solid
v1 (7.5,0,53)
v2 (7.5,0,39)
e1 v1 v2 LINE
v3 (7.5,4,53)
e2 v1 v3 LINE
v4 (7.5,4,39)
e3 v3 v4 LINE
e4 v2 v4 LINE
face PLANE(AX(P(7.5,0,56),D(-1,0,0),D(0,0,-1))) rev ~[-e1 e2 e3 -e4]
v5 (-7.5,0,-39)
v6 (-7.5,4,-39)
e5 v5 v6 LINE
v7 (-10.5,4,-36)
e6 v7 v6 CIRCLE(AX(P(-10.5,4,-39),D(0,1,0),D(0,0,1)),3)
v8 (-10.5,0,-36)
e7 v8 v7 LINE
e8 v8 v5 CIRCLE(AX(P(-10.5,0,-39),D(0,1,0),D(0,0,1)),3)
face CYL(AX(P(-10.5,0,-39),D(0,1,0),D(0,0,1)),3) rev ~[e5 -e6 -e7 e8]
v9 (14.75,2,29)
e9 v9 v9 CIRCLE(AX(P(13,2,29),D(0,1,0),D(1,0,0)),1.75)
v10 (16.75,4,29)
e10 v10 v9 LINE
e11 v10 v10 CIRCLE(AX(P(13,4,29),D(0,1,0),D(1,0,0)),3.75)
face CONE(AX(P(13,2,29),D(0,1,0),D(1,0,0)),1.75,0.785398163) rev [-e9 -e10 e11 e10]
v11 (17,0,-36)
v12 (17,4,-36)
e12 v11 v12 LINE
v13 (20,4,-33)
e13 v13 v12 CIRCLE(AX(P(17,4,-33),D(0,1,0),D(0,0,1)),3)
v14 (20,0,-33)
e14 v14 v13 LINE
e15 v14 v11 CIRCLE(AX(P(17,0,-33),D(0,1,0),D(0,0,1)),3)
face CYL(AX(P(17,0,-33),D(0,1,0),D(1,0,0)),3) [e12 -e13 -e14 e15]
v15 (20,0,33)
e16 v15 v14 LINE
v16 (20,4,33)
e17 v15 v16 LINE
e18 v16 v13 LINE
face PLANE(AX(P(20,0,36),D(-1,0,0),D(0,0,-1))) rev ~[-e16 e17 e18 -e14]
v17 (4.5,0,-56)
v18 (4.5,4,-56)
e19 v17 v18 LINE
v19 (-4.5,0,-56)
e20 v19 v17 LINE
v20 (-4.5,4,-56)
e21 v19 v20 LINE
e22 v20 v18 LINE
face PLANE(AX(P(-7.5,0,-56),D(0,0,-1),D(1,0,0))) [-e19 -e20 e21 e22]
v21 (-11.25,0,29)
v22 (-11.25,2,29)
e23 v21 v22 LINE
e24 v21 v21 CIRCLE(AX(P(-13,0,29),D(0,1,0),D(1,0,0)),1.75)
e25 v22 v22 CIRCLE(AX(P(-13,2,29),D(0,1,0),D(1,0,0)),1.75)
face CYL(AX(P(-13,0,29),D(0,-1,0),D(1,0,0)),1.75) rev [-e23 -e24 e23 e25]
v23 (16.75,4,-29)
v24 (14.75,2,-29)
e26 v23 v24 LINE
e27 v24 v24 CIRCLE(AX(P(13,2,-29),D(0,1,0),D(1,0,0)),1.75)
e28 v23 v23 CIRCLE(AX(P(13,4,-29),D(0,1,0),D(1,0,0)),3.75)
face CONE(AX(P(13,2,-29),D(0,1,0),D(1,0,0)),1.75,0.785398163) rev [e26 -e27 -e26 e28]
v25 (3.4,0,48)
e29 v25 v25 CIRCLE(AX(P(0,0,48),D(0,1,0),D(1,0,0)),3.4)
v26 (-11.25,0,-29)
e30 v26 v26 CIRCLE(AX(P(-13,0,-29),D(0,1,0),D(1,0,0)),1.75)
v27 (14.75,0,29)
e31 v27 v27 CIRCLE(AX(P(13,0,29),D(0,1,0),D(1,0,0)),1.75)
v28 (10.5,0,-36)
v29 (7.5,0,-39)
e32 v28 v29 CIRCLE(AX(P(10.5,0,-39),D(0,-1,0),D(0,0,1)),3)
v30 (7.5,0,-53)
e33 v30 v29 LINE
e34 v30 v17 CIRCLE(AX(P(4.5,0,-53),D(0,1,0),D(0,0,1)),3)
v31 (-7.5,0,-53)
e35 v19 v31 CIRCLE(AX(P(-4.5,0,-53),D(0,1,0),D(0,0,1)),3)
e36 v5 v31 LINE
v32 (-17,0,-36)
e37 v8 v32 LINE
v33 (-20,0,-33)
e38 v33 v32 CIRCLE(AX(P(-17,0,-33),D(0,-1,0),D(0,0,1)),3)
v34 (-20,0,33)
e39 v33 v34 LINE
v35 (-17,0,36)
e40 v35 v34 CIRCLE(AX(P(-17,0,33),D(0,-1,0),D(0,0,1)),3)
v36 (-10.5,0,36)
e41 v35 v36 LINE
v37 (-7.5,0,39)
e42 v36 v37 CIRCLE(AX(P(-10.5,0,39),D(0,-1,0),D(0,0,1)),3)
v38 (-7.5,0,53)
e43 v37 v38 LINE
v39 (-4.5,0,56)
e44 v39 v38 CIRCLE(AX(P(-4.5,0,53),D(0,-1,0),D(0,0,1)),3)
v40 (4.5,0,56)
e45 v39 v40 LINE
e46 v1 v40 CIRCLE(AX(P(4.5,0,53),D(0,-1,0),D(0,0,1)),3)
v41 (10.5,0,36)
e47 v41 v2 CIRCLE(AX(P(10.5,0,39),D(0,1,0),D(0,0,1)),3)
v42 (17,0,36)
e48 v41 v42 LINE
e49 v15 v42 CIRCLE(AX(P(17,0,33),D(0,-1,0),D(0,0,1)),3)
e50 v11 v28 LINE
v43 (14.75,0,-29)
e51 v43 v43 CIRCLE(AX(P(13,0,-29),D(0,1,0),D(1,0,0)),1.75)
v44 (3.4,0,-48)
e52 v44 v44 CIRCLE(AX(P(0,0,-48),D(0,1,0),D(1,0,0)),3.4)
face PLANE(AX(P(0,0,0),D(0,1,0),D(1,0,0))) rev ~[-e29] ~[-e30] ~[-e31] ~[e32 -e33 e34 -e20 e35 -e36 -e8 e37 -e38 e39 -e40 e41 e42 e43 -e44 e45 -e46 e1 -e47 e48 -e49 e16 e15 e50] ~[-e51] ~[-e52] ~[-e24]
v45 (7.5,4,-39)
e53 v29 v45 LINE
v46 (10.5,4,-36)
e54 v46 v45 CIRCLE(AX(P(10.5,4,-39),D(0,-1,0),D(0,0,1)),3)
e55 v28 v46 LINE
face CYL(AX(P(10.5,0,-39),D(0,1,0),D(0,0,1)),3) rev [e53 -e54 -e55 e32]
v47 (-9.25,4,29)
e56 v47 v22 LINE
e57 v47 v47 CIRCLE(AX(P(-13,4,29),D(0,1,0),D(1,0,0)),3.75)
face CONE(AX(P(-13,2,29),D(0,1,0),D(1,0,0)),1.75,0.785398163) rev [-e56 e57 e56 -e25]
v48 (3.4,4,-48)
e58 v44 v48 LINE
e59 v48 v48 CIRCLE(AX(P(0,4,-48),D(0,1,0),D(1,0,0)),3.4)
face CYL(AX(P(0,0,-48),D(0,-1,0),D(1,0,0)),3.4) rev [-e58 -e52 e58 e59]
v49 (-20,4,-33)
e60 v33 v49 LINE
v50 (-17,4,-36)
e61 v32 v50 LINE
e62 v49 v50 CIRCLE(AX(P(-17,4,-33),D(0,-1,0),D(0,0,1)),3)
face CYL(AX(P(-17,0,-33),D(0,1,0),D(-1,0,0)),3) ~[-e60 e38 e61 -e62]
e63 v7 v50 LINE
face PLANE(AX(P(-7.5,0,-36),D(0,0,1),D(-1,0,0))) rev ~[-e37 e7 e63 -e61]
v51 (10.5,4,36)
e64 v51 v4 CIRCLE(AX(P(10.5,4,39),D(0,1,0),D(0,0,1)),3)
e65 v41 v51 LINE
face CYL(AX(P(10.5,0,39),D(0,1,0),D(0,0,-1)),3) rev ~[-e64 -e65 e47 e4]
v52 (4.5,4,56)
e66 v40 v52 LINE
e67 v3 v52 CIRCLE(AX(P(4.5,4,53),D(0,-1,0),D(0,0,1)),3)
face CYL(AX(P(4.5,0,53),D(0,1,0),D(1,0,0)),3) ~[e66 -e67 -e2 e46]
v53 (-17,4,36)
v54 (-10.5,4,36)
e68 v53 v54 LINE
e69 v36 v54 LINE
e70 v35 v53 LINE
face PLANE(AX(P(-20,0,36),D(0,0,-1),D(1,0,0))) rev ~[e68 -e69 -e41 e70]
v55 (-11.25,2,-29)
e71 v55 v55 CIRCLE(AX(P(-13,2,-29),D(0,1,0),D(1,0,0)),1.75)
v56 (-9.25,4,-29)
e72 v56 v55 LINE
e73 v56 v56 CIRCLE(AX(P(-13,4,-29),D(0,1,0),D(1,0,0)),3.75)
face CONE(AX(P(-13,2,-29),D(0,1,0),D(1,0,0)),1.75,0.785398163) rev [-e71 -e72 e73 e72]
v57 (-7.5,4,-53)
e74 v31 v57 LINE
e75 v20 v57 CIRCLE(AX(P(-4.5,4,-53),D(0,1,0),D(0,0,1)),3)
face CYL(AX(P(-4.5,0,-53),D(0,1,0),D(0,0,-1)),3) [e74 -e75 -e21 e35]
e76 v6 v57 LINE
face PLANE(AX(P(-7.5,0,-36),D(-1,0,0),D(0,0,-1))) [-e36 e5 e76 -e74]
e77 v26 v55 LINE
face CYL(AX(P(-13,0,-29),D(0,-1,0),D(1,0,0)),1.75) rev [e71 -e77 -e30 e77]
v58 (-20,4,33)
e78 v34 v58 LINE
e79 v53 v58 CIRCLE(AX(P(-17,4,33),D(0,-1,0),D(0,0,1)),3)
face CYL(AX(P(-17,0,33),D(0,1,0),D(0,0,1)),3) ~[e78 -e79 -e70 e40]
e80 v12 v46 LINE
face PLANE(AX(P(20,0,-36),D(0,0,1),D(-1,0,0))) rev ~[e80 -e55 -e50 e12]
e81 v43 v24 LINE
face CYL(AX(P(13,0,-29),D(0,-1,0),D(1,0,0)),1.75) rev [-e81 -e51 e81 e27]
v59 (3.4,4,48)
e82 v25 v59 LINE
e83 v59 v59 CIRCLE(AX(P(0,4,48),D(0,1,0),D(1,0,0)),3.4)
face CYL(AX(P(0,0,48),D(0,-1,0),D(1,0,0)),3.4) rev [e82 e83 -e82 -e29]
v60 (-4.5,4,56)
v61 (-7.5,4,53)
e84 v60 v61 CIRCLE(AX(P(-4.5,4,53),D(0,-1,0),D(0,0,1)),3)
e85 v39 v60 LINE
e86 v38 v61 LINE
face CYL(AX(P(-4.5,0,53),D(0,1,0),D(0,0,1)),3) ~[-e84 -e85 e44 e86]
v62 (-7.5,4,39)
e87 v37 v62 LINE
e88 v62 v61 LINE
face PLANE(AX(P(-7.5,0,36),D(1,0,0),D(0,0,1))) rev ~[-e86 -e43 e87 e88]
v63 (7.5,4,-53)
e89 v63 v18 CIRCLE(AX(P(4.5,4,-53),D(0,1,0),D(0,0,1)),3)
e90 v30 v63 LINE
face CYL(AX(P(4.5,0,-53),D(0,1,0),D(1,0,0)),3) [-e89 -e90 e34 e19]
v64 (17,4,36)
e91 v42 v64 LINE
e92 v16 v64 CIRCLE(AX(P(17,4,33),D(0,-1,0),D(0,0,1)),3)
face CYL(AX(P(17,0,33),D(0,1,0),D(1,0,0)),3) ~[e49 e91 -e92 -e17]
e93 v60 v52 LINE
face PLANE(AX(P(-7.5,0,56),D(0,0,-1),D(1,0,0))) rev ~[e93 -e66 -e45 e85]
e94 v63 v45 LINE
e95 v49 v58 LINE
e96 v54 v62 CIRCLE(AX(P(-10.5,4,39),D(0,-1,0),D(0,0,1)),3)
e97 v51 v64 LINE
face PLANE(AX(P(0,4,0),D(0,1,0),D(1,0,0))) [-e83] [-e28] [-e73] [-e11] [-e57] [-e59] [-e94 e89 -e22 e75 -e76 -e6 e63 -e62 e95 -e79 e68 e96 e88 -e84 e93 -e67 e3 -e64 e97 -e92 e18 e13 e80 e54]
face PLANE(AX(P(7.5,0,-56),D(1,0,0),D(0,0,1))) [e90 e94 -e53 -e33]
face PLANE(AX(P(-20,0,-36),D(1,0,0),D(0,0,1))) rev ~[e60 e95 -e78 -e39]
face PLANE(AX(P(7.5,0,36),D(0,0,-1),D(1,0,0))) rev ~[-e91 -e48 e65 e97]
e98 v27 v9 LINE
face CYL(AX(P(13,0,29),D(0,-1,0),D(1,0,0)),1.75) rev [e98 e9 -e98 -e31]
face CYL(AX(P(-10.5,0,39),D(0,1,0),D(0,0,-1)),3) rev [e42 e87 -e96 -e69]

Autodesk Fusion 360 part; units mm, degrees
sketch "Sketch1" plane through (0, 0, 0) normal (0, 1, 0) x (1, 0, 0)
  line L0 (13, 29) -> (-13, 29) construction
  line L1 (-13, 29) -> (-13, -29) construction
  line L2 (-13, -29) -> (13, -29) construction
  line L3 (13, -29) -> (13, 29) construction
  line L4 (13, 29) -> (-13, -29) construction
  line L5 (-13, 29) -> (13, -29) construction
  line L6 (0, 0) -> (0, 16.0365) construction
  line L7 (0, 0) -> (-11.1519, 0) construction
  line L8 (20, 36) -> (-20, 36)
  line L9 (-20, 36) -> (-20, -36)
  line L10 (-20, -36) -> (20, -36)
  line L11 (20, -36) -> (20, 36)
  line L12 (20, 36) -> (-20, -36) construction
  line L13 (-20, 36) -> (20, -36) construction
  circle A0 centre (13, 29) radius 1.75
  circle A1 centre (-13, 29) radius 1.75
  circle A2 centre (13, -29) radius 1.75
  circle A3 centre (-13, -29) radius 1.75
  line L14 (7.5, 36) -> (-7.5, 36)
  line L15 (-7.5, 36) -> (-7.5, 56)
  line L16 (-7.5, 56) -> (7.5, 56)
  line L17 (7.5, 56) -> (7.5, 36)
  line L18 (7.5, 36) -> (-7.5, 56) construction
  line L19 (-7.5, 36) -> (7.5, 56) construction
  circle A4 centre (0, 48) radius 3.4
  line L20 (7.5, -56) -> (7.5, -36)
  line L21 (-7.5, -56) -> (7.5, -56)
  line L22 (-7.5, -36) -> (-7.5, -56)
  circle A5 centre (0, -48) radius 3.4
  line L23 (7.5, -36) -> (-7.5, -36)
  point P0 (0, 46)
  dimension "d1" = 3.5
  dimension "d2" = 58
  dimension "d3" = 26
  dimension "d4" = 7
  dimension "d5" = 7
  dimension "d6" = 15
  dimension "d7" = 20
  dimension "d8" = 6.8
  dimension "d9" = 12
extrude "Extrude1" add sketch "Sketch1" along normal blind 4
fillet "Fillet1" radius 3 12 edges at (7.5, 2, 36) (20, 2, 36) (7.5, 2, 56) (-7.5, 2, 56) (-20, 2, 36) (-7.5, 2, 36) (20, 2, -36) (7.5, 2, -36) (7.5, 2, -56) (-7.5, 2, -56) (-20, 2, -36) (-7.5, 2, -36)
chamfer "Chamfer1" distance 2 angle 45 4 edges at (-14.6316, 4, -29.6328) (11.3684, 4, -29.6328) (11.3684, 4, 28.3672) (-14.6316, 4, 28.3672)
